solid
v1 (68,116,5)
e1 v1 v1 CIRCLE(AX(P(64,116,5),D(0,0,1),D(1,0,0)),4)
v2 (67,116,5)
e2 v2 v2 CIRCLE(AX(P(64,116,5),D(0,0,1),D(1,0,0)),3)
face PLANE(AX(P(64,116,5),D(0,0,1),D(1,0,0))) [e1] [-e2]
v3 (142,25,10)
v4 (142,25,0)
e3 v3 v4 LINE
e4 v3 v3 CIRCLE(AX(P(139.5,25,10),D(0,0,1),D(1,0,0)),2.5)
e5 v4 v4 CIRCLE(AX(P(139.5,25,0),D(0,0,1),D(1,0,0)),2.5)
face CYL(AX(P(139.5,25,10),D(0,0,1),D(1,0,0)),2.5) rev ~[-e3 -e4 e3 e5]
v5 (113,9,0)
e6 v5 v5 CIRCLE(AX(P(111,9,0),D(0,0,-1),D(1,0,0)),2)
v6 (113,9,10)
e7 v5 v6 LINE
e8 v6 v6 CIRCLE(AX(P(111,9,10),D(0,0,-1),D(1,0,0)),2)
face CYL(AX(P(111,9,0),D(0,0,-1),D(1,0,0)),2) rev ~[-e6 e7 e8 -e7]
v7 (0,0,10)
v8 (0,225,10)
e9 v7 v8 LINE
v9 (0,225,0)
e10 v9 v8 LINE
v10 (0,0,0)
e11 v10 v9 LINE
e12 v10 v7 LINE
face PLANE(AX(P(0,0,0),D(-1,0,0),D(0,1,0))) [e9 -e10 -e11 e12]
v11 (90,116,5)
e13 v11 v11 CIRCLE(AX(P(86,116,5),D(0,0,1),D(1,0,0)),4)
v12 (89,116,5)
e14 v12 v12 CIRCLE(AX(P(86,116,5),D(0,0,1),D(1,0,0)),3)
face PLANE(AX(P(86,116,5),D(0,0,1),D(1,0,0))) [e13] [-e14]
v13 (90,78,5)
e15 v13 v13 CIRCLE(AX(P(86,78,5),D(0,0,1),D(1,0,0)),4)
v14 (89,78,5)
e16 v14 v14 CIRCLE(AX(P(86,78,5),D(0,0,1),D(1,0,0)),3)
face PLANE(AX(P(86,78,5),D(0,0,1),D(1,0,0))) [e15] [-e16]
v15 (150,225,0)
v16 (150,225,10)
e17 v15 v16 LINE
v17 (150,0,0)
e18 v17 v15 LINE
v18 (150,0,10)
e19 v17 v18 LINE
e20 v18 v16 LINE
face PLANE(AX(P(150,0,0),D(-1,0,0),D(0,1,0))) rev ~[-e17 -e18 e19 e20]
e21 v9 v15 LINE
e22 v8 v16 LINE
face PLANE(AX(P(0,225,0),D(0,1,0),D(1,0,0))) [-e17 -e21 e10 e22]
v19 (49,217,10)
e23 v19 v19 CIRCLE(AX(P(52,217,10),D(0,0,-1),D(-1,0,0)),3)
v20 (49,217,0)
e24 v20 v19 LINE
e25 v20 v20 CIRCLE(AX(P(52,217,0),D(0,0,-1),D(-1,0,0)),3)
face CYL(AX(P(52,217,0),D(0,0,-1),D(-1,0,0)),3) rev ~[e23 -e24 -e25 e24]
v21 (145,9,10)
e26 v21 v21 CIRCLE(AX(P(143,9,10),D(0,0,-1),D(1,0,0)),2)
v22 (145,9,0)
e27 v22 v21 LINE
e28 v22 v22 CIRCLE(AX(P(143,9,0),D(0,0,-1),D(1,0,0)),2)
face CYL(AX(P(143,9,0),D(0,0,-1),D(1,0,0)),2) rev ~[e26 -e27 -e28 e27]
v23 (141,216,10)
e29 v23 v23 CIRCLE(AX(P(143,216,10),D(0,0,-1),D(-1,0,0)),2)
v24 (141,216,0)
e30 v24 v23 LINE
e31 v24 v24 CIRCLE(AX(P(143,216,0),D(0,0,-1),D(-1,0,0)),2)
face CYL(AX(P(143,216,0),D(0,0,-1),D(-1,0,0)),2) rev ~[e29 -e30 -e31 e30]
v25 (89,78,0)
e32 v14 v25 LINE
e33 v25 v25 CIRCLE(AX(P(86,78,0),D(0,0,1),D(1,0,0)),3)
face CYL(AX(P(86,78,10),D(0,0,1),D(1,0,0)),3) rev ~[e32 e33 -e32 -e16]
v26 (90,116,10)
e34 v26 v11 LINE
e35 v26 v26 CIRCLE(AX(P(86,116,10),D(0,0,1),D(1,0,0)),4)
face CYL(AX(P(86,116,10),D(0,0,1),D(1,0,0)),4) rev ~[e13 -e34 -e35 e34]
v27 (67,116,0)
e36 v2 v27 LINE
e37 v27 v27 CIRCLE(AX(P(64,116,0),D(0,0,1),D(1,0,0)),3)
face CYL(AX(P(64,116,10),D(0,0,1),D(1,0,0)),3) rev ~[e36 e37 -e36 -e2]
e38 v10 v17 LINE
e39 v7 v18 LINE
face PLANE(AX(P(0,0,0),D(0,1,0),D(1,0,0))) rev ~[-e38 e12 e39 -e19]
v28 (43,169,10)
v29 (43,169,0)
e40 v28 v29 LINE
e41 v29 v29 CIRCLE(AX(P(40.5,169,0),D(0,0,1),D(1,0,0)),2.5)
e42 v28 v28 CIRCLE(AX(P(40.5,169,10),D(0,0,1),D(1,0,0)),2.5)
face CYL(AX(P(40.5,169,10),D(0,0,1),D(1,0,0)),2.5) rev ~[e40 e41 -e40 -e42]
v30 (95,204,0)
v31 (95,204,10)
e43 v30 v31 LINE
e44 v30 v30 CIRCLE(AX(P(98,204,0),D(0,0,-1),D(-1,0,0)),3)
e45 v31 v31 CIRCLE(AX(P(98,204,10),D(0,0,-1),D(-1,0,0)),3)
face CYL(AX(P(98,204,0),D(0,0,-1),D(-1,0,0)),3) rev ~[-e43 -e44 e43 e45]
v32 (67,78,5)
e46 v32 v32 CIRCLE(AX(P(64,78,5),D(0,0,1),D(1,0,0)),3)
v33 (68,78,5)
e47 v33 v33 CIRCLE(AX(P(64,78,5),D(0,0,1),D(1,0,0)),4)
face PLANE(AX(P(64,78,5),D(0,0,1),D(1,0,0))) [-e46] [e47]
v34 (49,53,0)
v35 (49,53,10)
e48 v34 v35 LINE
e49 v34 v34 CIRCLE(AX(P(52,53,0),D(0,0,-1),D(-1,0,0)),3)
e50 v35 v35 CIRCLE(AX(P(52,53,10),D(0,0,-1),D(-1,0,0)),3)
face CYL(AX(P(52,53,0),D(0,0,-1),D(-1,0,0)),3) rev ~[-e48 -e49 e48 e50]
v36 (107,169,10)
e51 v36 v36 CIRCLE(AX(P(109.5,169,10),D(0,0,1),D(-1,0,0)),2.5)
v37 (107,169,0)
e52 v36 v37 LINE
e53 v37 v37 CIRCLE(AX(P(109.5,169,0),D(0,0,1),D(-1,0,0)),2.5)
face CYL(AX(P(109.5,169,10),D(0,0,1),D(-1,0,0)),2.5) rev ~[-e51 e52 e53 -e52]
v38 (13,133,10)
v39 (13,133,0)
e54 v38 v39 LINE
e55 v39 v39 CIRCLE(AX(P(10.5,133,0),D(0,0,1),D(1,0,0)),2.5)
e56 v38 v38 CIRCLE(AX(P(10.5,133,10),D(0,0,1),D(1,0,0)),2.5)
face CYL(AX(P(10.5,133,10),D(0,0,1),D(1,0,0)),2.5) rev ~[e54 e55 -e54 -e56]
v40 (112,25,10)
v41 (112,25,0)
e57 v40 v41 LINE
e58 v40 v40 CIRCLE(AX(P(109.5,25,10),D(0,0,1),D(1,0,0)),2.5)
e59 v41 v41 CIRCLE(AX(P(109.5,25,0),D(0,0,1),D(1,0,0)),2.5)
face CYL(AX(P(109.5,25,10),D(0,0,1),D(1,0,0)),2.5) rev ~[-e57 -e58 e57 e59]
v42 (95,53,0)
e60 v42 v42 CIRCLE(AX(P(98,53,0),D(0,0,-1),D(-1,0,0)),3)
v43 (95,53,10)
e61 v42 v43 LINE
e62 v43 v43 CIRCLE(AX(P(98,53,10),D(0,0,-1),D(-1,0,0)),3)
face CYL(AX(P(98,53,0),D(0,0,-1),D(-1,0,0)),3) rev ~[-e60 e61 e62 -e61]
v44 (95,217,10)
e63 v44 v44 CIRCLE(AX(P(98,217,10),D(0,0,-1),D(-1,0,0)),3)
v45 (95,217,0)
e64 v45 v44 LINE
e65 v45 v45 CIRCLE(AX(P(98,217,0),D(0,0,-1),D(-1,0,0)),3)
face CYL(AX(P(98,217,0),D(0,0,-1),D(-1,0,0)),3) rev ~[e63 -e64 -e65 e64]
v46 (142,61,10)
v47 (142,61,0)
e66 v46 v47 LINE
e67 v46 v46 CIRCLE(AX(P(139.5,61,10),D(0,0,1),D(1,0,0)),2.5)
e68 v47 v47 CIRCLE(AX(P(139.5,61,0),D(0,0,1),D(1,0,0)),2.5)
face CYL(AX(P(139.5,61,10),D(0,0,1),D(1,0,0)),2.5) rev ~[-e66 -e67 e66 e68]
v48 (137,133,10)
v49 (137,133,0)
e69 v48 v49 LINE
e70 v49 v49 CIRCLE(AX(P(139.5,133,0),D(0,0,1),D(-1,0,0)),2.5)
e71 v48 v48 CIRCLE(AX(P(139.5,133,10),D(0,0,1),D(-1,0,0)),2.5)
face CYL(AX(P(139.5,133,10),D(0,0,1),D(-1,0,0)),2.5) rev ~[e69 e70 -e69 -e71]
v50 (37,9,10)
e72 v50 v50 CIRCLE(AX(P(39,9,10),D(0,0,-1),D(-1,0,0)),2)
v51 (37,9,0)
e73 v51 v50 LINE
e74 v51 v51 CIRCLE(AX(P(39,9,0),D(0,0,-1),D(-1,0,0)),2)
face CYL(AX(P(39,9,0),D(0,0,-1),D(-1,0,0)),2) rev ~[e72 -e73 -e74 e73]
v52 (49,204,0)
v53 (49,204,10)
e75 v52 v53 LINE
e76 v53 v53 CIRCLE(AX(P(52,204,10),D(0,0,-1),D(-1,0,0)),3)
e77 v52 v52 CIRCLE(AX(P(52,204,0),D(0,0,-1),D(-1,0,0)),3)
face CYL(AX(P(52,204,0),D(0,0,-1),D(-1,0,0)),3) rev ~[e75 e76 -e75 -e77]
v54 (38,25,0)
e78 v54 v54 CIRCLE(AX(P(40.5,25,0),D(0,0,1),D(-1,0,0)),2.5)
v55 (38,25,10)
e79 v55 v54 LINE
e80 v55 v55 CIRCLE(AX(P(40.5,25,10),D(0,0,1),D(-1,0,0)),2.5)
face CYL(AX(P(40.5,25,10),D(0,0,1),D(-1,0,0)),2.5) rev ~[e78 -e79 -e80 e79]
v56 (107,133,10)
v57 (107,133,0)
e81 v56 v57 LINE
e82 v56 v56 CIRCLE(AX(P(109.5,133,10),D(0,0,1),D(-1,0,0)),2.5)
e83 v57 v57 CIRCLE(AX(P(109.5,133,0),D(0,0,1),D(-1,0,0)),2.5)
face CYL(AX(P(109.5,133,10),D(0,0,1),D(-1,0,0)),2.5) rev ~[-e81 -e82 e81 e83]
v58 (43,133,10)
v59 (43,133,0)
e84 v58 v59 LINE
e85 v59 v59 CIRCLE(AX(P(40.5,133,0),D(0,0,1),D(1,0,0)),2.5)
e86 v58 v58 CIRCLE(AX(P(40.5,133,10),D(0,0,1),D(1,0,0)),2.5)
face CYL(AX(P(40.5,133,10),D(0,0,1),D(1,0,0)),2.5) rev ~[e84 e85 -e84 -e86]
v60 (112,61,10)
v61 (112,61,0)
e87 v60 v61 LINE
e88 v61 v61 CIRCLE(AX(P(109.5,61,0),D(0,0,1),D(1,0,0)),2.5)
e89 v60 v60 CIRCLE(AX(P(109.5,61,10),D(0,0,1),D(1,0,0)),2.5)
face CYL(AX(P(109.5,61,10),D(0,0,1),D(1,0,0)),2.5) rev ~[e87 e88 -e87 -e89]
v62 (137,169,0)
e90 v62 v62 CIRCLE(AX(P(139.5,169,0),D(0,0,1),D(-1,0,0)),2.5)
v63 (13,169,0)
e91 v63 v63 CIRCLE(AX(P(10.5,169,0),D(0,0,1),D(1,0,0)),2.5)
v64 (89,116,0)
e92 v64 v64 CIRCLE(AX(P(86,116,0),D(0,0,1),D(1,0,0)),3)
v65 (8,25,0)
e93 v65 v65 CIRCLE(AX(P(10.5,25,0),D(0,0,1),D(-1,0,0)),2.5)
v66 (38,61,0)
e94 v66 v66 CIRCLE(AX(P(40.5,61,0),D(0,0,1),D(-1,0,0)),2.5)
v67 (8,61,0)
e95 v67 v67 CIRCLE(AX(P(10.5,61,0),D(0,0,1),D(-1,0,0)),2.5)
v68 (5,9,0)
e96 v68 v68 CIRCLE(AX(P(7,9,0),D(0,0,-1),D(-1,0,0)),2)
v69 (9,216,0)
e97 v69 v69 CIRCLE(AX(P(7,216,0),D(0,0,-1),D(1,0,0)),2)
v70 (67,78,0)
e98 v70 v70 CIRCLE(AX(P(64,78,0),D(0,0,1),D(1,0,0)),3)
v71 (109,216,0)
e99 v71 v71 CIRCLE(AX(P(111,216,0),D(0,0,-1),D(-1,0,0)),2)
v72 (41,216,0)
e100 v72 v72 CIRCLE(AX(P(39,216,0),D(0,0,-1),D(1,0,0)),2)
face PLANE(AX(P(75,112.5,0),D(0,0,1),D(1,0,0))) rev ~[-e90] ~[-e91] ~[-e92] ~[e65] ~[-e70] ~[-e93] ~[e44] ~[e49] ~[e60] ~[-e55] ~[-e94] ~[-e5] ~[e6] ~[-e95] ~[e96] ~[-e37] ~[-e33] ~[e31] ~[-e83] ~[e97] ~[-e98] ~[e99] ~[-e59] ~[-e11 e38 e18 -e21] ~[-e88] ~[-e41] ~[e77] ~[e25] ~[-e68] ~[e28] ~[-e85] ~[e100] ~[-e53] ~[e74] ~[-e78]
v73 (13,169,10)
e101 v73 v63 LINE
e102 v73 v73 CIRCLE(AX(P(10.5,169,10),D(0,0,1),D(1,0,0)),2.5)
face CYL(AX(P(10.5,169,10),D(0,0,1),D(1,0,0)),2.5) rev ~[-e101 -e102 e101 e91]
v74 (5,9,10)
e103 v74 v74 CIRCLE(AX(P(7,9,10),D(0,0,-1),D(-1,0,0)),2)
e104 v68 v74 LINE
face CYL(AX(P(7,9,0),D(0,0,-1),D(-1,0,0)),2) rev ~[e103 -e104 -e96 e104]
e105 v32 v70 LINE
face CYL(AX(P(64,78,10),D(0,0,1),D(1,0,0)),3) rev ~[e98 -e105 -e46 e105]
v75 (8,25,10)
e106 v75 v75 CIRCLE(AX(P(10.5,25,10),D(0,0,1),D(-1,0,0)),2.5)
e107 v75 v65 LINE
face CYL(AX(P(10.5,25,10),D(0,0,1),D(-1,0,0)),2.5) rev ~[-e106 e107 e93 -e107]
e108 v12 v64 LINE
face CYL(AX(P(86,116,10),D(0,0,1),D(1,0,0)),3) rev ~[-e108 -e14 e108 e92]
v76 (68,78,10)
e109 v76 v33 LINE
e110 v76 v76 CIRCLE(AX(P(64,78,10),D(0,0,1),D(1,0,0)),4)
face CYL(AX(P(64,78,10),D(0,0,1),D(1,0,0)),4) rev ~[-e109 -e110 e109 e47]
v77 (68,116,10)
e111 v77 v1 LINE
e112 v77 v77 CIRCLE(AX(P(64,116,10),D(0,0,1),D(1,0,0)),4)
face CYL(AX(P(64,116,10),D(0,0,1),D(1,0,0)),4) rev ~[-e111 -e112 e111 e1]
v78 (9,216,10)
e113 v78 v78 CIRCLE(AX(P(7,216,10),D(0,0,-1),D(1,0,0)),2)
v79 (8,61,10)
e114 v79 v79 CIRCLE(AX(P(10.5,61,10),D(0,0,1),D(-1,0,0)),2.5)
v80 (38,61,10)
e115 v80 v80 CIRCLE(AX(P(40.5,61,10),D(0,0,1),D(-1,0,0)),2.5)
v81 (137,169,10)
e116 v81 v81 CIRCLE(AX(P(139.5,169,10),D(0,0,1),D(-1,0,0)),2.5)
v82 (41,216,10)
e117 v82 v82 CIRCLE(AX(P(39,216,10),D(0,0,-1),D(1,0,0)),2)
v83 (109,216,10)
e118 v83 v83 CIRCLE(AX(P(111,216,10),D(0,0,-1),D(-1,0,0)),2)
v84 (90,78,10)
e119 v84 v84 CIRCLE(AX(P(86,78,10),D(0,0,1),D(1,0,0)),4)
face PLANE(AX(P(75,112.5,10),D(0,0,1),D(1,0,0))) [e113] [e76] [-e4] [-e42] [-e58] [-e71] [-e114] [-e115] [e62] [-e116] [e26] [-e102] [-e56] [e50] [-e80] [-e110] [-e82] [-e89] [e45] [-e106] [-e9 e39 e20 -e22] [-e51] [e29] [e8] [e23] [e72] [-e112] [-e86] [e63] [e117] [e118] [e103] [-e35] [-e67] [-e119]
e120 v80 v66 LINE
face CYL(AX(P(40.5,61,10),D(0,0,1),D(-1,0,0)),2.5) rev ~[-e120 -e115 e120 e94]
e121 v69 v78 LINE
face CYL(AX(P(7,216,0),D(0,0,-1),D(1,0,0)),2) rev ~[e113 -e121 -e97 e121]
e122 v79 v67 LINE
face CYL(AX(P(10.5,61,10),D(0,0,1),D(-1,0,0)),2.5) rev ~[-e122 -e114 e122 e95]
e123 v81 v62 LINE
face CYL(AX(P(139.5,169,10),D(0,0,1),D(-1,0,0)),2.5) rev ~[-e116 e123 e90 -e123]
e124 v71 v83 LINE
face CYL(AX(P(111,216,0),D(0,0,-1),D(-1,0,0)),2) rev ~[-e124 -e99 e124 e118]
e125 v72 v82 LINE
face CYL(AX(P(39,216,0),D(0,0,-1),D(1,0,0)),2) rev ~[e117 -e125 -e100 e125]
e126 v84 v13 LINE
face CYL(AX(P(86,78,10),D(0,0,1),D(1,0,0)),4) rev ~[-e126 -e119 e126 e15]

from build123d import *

# Parameters (mm, degrees)
CROQUIS1_W              = 150
CROQUIS1_H              = 225
SALIENTE_EXTRUIR1_DEPTH = 10
CROQUIS2_R              = 2.5
CORTAR_EXTRUIR1_DEPTH   = 271.601182555
CROQUIS3_R              = 3
CORTAR_EXTRUIR3_DEPTH   = 271.601182555
CROQUIS6_R              = 4
CORTAR_EXTRUIR5_DEPTH   = 5
CROQUIS7_R              = 2
CORTAR_EXTRUIR6_DEPTH   = 271.601182555
CROQUIS8_R              = 3
CORTAR_EXTRUIR7_DEPTH   = 271.601182555


with BuildPart() as part:
    # Croquis1 → Saliente-Extruir1 (new body)
    with BuildSketch(Plane.XY):
        with Locations((75, 112.5)):
            Rectangle(CROQUIS1_W, CROQUIS1_H)
    extrude(amount=SALIENTE_EXTRUIR1_DEPTH)

    # Croquis2 → Cortar-Extruir1 (cut, through all)
    with BuildSketch(Plane.XY.offset(10)):
        with Locations((10.5, 169)):
            Circle(CROQUIS2_R)
        with Locations((40.5, 169)):
            Circle(CROQUIS2_R)
        with Locations((10.5, 133)):
            Circle(CROQUIS2_R)
        with Locations((40.5, 133)):
            Circle(CROQUIS2_R)
        with Locations(Location((109.5, 133, 0), (0, 0, 180))):
            Circle(CROQUIS2_R)
        with Locations(Location((109.5, 169, 0), (0, 0, 180))):
            Circle(CROQUIS2_R)
        with Locations(Location((139.5, 133, 0), (0, 0, 180))):
            Circle(CROQUIS2_R)
        with Locations(Location((139.5, 169, 0), (0, 0, 180))):
            Circle(CROQUIS2_R)
        with Locations((139.5, 61)):
            Circle(CROQUIS2_R)
        with Locations((109.5, 61)):
            Circle(CROQUIS2_R)
        with Locations((139.5, 25)):
            Circle(CROQUIS2_R)
        with Locations((109.5, 25)):
            Circle(CROQUIS2_R)
        with Locations(Location((40.5, 61, 0), (0, 0, 180))):
            Circle(CROQUIS2_R)
        with Locations(Location((40.5, 25, 0), (0, 0, 180))):
            Circle(CROQUIS2_R)
        with Locations(Location((10.5, 61, 0), (0, 0, 180))):
            Circle(CROQUIS2_R)
        with Locations(Location((10.5, 25, 0), (0, 0, 180))):
            Circle(CROQUIS2_R)
    extrude(amount=-CORTAR_EXTRUIR1_DEPTH, mode=Mode.SUBTRACT)

    # Croquis3 → Cortar-Extruir3 (cut, through all)
    with BuildSketch(Plane.XY.offset(10)):
        with Locations((64, 116)):
            Circle(CROQUIS3_R)
        with Locations((64, 78)):
            Circle(CROQUIS3_R)
        with Locations((86, 78)):
            Circle(CROQUIS3_R)
        with Locations((86, 116)):
            Circle(CROQUIS3_R)
    extrude(amount=-CORTAR_EXTRUIR3_DEPTH, mode=Mode.SUBTRACT)

    # Croquis6 → Cortar-Extruir5 (cut)
    with BuildSketch(Plane.XY.offset(10)):
        with Locations((64, 116)):
            Circle(CROQUIS6_R)
        with Locations((64, 78)):
            Circle(CROQUIS6_R)
        with Locations((86, 78)):
            Circle(CROQUIS6_R)
        with Locations((86, 116)):
            Circle(CROQUIS6_R)
    extrude(amount=-CORTAR_EXTRUIR5_DEPTH, mode=Mode.SUBTRACT)

    # Croquis7 → Cortar-Extruir6 (cut, through all)
    with BuildSketch(Plane(origin=(0, 0, 0), x_dir=(-1, 0, 0), z_dir=(0, 0, -1))):
        with Locations((-143, 216)):
            Circle(CROQUIS7_R)
        with Locations((-111, 216)):
            Circle(CROQUIS7_R)
        with Locations(Location((-39, 216, 0), (0, 0, 180))):
            Circle(CROQUIS7_R)
        with Locations(Location((-7, 216, 0), (0, 0, 180))):
            Circle(CROQUIS7_R)
        with Locations((-7, 9)):
            Circle(CROQUIS7_R)
        with Locations((-39, 9)):
            Circle(CROQUIS7_R)
        with Locations(Location((-111, 9, 0), (0, 0, 180))):
            Circle(CROQUIS7_R)
        with Locations(Location((-143, 9, 0), (0, 0, 180))):
            Circle(CROQUIS7_R)
    extrude(amount=-CORTAR_EXTRUIR6_DEPTH, mode=Mode.SUBTRACT)

    # Croquis8 → Cortar-Extruir7 (cut, through all)
    with BuildSketch(Plane(origin=(0, 0, 0), x_dir=(-1, 0, 0), z_dir=(0, 0, -1))):
        with Locations((-98, 217)):
            Circle(CROQUIS8_R)
        with Locations((-52, 217)):
            Circle(CROQUIS8_R)
        with Locations((-98, 204)):
            Circle(CROQUIS8_R)
        with Locations((-52, 204)):
            Circle(CROQUIS8_R)
        with Locations((-98, 53)):
            Circle(CROQUIS8_R)
        with Locations((-52, 53)):
            Circle(CROQUIS8_R)
    extrude(amount=-CORTAR_EXTRUIR7_DEPTH, mode=Mode.SUBTRACT)


solid = part.part
